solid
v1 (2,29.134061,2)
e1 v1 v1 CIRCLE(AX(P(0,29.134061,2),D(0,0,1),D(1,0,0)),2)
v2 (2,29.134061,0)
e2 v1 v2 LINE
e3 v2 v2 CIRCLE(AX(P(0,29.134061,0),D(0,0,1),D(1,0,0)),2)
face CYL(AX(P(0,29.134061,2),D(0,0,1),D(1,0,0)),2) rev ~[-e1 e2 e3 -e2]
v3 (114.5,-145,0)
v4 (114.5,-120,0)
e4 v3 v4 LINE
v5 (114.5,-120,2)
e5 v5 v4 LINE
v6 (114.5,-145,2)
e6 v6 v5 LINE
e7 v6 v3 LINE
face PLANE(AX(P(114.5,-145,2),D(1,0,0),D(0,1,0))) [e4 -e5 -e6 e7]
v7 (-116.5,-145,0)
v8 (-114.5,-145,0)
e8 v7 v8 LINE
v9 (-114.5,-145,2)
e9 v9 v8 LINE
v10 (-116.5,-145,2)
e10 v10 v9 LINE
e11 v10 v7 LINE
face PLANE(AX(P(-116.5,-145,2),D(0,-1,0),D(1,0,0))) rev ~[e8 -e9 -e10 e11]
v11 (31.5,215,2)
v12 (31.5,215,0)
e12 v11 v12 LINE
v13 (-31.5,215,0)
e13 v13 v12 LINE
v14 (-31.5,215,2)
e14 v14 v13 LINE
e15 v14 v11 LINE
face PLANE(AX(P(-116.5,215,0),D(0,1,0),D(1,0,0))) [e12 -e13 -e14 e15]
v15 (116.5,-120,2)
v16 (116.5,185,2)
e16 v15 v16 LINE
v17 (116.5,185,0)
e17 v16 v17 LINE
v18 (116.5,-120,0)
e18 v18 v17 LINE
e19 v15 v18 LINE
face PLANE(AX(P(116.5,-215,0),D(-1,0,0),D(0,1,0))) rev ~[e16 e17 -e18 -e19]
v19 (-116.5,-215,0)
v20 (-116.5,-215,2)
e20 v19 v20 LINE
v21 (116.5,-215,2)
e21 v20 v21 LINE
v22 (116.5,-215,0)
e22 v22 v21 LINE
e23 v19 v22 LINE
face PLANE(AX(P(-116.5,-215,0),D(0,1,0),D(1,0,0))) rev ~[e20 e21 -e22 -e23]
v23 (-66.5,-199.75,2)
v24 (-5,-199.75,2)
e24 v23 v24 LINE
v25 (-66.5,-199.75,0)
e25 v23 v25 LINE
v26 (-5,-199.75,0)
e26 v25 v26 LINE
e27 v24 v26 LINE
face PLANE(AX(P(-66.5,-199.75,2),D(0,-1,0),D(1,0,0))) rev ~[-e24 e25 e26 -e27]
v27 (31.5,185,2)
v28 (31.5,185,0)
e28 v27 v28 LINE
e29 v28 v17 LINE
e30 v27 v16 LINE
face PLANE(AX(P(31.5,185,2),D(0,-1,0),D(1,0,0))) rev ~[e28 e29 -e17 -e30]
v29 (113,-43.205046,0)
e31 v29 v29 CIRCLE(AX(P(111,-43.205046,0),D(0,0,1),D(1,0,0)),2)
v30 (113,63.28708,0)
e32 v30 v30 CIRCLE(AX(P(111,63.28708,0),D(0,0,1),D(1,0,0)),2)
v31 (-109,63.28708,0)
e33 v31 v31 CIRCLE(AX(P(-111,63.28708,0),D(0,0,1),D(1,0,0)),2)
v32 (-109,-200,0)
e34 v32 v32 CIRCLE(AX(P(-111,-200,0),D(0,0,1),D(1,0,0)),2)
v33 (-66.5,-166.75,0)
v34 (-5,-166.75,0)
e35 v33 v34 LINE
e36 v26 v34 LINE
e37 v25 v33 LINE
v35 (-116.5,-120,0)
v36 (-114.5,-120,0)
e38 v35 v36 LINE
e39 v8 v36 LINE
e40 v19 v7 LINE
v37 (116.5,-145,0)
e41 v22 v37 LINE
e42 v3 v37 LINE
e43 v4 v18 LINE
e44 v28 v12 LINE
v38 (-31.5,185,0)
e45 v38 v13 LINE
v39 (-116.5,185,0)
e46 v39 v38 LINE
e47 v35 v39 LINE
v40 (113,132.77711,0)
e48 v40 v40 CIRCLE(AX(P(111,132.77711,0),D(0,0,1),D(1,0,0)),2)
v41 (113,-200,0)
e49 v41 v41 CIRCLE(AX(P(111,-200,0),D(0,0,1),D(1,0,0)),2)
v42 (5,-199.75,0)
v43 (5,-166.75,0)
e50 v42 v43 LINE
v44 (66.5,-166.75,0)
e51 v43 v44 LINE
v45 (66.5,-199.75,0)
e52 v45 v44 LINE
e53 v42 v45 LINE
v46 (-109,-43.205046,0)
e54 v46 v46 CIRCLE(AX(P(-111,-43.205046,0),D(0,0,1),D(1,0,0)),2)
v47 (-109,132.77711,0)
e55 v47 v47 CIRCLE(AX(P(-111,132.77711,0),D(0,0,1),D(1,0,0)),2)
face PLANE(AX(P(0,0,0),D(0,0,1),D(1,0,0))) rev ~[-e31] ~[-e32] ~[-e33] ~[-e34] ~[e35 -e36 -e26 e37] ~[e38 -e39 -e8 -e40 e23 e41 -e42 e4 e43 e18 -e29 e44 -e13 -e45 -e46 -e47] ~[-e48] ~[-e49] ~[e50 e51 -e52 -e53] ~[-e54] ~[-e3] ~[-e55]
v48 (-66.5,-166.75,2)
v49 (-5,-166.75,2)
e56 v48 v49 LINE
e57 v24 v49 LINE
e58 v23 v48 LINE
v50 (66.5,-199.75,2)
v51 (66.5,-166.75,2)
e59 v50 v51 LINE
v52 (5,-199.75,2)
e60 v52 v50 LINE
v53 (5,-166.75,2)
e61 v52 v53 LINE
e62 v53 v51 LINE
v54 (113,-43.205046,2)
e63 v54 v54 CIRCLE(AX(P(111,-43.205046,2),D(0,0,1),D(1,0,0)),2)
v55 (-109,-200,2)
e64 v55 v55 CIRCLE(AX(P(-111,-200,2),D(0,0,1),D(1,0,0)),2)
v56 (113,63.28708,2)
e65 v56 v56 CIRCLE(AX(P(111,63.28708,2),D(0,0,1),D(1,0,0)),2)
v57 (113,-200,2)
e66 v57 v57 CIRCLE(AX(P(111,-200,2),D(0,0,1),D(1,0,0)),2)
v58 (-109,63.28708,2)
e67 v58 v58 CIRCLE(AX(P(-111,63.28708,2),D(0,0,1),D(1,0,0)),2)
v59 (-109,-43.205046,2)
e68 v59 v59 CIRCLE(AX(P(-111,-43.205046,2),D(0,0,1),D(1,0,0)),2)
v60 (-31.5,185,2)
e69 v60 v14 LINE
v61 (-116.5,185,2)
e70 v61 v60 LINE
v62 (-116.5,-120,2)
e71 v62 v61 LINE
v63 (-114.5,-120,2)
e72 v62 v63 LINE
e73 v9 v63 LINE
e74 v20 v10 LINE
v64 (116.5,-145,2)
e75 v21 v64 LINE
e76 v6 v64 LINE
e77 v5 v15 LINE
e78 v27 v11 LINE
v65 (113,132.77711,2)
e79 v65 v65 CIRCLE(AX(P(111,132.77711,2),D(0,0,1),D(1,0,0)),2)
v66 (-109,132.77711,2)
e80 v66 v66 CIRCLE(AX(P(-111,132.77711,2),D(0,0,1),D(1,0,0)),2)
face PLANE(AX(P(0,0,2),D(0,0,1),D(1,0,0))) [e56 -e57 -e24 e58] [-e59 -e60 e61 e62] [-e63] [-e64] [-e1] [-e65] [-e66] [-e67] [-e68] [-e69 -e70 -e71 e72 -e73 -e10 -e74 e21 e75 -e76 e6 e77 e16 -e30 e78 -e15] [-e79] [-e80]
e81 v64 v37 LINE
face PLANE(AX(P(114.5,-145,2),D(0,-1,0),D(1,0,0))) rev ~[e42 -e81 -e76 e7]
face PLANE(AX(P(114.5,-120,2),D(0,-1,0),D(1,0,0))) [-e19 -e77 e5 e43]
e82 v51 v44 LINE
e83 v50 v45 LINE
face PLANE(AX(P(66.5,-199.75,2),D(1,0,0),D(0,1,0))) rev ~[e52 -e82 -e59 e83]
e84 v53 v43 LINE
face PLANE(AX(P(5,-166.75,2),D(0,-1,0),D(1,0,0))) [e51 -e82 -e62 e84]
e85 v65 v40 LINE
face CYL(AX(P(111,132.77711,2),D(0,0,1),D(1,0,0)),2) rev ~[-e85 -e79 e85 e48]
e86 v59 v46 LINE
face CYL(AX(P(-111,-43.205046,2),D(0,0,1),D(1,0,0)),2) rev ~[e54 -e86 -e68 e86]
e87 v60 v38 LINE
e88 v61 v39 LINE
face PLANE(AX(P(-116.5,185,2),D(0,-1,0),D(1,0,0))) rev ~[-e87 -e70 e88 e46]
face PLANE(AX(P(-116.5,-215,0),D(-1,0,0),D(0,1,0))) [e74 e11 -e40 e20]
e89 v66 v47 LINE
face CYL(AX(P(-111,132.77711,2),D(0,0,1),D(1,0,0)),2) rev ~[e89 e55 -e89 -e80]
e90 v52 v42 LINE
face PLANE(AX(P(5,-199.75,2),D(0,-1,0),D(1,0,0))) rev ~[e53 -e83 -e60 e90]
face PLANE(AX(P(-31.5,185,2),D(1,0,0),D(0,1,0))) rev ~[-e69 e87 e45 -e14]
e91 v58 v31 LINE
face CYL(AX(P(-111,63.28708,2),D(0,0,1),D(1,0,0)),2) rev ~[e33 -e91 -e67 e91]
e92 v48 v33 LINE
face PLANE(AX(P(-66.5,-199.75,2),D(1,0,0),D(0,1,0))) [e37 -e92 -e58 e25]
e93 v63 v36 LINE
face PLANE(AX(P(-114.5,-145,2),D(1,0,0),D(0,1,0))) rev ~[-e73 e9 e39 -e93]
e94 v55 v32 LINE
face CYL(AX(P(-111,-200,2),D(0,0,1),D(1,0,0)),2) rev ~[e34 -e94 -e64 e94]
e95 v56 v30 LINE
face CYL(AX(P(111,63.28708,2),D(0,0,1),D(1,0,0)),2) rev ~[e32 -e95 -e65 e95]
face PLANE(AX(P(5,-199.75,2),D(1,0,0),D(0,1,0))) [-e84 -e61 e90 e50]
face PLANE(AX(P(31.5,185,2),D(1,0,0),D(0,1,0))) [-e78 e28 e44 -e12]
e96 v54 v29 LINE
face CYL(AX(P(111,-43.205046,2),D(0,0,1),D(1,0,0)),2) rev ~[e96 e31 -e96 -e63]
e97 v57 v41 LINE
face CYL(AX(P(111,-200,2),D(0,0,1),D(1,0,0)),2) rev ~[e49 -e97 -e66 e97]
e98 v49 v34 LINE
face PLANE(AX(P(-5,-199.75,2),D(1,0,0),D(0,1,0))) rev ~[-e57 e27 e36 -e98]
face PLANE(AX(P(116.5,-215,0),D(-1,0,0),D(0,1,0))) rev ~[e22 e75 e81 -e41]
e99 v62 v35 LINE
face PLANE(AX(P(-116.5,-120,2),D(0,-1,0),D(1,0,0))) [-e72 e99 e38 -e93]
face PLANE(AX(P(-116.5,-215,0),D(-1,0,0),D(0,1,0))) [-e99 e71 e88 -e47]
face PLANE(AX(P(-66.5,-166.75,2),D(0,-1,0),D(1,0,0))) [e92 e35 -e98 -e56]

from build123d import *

# Parameters (mm, degrees)
F0_W     = 233
F0_H     = 430
F1_DEPTH = 2
F2_W     = 85
F2_H     = 30
F2_W_2   = 61.5
F2_H_2   = 33
F2_W_3   = 2
F2_H_3   = 25
F2_R     = 2
F3_DEPTH = 2.001


with BuildPart() as f1:
    # F0 (on Top) → F1 (new body)
    with BuildSketch(Plane.XY):
        Rectangle(F0_W, F0_H)
    extrude(amount=F1_DEPTH)

    # F2 (on face) → F3 (cut, through all)
    with BuildSketch(Plane.XY.offset(2)):
        with Locations((-74, 200)):
            Rectangle(F2_W, F2_H)
        with Locations((74, 200)):
            Rectangle(F2_W, F2_H)
        with Locations((-35.75, -183.25)):
            Rectangle(F2_W_2, F2_H_2)
        with Locations((35.75, -183.25)):
            Rectangle(F2_W_2, F2_H_2)
        with Locations((-115.5, -132.5)):
            Rectangle(F2_W_3, F2_H_3)
        with Locations((115.5, -132.5)):
            Rectangle(F2_W_3, F2_H_3)
        with Locations((-111, 132.77711)):
            Circle(F2_R)
        with Locations((111, 132.77711)):
            Circle(F2_R)
        with Locations((-111, 63.28708)):
            Circle(F2_R)
        with Locations((111, 63.28708)):
            Circle(F2_R)
        with Locations((-111, -43.205046)):
            Circle(F2_R)
        with Locations((111, -43.205046)):
            Circle(F2_R)
        with Locations((111, -200)):
            Circle(F2_R)
        with Locations((-111, -200)):
            Circle(F2_R)
        with Locations((0, 29.134061)):
            Circle(F2_R)
    extrude(amount=-F3_DEPTH, mode=Mode.SUBTRACT)


solid = f1.part
